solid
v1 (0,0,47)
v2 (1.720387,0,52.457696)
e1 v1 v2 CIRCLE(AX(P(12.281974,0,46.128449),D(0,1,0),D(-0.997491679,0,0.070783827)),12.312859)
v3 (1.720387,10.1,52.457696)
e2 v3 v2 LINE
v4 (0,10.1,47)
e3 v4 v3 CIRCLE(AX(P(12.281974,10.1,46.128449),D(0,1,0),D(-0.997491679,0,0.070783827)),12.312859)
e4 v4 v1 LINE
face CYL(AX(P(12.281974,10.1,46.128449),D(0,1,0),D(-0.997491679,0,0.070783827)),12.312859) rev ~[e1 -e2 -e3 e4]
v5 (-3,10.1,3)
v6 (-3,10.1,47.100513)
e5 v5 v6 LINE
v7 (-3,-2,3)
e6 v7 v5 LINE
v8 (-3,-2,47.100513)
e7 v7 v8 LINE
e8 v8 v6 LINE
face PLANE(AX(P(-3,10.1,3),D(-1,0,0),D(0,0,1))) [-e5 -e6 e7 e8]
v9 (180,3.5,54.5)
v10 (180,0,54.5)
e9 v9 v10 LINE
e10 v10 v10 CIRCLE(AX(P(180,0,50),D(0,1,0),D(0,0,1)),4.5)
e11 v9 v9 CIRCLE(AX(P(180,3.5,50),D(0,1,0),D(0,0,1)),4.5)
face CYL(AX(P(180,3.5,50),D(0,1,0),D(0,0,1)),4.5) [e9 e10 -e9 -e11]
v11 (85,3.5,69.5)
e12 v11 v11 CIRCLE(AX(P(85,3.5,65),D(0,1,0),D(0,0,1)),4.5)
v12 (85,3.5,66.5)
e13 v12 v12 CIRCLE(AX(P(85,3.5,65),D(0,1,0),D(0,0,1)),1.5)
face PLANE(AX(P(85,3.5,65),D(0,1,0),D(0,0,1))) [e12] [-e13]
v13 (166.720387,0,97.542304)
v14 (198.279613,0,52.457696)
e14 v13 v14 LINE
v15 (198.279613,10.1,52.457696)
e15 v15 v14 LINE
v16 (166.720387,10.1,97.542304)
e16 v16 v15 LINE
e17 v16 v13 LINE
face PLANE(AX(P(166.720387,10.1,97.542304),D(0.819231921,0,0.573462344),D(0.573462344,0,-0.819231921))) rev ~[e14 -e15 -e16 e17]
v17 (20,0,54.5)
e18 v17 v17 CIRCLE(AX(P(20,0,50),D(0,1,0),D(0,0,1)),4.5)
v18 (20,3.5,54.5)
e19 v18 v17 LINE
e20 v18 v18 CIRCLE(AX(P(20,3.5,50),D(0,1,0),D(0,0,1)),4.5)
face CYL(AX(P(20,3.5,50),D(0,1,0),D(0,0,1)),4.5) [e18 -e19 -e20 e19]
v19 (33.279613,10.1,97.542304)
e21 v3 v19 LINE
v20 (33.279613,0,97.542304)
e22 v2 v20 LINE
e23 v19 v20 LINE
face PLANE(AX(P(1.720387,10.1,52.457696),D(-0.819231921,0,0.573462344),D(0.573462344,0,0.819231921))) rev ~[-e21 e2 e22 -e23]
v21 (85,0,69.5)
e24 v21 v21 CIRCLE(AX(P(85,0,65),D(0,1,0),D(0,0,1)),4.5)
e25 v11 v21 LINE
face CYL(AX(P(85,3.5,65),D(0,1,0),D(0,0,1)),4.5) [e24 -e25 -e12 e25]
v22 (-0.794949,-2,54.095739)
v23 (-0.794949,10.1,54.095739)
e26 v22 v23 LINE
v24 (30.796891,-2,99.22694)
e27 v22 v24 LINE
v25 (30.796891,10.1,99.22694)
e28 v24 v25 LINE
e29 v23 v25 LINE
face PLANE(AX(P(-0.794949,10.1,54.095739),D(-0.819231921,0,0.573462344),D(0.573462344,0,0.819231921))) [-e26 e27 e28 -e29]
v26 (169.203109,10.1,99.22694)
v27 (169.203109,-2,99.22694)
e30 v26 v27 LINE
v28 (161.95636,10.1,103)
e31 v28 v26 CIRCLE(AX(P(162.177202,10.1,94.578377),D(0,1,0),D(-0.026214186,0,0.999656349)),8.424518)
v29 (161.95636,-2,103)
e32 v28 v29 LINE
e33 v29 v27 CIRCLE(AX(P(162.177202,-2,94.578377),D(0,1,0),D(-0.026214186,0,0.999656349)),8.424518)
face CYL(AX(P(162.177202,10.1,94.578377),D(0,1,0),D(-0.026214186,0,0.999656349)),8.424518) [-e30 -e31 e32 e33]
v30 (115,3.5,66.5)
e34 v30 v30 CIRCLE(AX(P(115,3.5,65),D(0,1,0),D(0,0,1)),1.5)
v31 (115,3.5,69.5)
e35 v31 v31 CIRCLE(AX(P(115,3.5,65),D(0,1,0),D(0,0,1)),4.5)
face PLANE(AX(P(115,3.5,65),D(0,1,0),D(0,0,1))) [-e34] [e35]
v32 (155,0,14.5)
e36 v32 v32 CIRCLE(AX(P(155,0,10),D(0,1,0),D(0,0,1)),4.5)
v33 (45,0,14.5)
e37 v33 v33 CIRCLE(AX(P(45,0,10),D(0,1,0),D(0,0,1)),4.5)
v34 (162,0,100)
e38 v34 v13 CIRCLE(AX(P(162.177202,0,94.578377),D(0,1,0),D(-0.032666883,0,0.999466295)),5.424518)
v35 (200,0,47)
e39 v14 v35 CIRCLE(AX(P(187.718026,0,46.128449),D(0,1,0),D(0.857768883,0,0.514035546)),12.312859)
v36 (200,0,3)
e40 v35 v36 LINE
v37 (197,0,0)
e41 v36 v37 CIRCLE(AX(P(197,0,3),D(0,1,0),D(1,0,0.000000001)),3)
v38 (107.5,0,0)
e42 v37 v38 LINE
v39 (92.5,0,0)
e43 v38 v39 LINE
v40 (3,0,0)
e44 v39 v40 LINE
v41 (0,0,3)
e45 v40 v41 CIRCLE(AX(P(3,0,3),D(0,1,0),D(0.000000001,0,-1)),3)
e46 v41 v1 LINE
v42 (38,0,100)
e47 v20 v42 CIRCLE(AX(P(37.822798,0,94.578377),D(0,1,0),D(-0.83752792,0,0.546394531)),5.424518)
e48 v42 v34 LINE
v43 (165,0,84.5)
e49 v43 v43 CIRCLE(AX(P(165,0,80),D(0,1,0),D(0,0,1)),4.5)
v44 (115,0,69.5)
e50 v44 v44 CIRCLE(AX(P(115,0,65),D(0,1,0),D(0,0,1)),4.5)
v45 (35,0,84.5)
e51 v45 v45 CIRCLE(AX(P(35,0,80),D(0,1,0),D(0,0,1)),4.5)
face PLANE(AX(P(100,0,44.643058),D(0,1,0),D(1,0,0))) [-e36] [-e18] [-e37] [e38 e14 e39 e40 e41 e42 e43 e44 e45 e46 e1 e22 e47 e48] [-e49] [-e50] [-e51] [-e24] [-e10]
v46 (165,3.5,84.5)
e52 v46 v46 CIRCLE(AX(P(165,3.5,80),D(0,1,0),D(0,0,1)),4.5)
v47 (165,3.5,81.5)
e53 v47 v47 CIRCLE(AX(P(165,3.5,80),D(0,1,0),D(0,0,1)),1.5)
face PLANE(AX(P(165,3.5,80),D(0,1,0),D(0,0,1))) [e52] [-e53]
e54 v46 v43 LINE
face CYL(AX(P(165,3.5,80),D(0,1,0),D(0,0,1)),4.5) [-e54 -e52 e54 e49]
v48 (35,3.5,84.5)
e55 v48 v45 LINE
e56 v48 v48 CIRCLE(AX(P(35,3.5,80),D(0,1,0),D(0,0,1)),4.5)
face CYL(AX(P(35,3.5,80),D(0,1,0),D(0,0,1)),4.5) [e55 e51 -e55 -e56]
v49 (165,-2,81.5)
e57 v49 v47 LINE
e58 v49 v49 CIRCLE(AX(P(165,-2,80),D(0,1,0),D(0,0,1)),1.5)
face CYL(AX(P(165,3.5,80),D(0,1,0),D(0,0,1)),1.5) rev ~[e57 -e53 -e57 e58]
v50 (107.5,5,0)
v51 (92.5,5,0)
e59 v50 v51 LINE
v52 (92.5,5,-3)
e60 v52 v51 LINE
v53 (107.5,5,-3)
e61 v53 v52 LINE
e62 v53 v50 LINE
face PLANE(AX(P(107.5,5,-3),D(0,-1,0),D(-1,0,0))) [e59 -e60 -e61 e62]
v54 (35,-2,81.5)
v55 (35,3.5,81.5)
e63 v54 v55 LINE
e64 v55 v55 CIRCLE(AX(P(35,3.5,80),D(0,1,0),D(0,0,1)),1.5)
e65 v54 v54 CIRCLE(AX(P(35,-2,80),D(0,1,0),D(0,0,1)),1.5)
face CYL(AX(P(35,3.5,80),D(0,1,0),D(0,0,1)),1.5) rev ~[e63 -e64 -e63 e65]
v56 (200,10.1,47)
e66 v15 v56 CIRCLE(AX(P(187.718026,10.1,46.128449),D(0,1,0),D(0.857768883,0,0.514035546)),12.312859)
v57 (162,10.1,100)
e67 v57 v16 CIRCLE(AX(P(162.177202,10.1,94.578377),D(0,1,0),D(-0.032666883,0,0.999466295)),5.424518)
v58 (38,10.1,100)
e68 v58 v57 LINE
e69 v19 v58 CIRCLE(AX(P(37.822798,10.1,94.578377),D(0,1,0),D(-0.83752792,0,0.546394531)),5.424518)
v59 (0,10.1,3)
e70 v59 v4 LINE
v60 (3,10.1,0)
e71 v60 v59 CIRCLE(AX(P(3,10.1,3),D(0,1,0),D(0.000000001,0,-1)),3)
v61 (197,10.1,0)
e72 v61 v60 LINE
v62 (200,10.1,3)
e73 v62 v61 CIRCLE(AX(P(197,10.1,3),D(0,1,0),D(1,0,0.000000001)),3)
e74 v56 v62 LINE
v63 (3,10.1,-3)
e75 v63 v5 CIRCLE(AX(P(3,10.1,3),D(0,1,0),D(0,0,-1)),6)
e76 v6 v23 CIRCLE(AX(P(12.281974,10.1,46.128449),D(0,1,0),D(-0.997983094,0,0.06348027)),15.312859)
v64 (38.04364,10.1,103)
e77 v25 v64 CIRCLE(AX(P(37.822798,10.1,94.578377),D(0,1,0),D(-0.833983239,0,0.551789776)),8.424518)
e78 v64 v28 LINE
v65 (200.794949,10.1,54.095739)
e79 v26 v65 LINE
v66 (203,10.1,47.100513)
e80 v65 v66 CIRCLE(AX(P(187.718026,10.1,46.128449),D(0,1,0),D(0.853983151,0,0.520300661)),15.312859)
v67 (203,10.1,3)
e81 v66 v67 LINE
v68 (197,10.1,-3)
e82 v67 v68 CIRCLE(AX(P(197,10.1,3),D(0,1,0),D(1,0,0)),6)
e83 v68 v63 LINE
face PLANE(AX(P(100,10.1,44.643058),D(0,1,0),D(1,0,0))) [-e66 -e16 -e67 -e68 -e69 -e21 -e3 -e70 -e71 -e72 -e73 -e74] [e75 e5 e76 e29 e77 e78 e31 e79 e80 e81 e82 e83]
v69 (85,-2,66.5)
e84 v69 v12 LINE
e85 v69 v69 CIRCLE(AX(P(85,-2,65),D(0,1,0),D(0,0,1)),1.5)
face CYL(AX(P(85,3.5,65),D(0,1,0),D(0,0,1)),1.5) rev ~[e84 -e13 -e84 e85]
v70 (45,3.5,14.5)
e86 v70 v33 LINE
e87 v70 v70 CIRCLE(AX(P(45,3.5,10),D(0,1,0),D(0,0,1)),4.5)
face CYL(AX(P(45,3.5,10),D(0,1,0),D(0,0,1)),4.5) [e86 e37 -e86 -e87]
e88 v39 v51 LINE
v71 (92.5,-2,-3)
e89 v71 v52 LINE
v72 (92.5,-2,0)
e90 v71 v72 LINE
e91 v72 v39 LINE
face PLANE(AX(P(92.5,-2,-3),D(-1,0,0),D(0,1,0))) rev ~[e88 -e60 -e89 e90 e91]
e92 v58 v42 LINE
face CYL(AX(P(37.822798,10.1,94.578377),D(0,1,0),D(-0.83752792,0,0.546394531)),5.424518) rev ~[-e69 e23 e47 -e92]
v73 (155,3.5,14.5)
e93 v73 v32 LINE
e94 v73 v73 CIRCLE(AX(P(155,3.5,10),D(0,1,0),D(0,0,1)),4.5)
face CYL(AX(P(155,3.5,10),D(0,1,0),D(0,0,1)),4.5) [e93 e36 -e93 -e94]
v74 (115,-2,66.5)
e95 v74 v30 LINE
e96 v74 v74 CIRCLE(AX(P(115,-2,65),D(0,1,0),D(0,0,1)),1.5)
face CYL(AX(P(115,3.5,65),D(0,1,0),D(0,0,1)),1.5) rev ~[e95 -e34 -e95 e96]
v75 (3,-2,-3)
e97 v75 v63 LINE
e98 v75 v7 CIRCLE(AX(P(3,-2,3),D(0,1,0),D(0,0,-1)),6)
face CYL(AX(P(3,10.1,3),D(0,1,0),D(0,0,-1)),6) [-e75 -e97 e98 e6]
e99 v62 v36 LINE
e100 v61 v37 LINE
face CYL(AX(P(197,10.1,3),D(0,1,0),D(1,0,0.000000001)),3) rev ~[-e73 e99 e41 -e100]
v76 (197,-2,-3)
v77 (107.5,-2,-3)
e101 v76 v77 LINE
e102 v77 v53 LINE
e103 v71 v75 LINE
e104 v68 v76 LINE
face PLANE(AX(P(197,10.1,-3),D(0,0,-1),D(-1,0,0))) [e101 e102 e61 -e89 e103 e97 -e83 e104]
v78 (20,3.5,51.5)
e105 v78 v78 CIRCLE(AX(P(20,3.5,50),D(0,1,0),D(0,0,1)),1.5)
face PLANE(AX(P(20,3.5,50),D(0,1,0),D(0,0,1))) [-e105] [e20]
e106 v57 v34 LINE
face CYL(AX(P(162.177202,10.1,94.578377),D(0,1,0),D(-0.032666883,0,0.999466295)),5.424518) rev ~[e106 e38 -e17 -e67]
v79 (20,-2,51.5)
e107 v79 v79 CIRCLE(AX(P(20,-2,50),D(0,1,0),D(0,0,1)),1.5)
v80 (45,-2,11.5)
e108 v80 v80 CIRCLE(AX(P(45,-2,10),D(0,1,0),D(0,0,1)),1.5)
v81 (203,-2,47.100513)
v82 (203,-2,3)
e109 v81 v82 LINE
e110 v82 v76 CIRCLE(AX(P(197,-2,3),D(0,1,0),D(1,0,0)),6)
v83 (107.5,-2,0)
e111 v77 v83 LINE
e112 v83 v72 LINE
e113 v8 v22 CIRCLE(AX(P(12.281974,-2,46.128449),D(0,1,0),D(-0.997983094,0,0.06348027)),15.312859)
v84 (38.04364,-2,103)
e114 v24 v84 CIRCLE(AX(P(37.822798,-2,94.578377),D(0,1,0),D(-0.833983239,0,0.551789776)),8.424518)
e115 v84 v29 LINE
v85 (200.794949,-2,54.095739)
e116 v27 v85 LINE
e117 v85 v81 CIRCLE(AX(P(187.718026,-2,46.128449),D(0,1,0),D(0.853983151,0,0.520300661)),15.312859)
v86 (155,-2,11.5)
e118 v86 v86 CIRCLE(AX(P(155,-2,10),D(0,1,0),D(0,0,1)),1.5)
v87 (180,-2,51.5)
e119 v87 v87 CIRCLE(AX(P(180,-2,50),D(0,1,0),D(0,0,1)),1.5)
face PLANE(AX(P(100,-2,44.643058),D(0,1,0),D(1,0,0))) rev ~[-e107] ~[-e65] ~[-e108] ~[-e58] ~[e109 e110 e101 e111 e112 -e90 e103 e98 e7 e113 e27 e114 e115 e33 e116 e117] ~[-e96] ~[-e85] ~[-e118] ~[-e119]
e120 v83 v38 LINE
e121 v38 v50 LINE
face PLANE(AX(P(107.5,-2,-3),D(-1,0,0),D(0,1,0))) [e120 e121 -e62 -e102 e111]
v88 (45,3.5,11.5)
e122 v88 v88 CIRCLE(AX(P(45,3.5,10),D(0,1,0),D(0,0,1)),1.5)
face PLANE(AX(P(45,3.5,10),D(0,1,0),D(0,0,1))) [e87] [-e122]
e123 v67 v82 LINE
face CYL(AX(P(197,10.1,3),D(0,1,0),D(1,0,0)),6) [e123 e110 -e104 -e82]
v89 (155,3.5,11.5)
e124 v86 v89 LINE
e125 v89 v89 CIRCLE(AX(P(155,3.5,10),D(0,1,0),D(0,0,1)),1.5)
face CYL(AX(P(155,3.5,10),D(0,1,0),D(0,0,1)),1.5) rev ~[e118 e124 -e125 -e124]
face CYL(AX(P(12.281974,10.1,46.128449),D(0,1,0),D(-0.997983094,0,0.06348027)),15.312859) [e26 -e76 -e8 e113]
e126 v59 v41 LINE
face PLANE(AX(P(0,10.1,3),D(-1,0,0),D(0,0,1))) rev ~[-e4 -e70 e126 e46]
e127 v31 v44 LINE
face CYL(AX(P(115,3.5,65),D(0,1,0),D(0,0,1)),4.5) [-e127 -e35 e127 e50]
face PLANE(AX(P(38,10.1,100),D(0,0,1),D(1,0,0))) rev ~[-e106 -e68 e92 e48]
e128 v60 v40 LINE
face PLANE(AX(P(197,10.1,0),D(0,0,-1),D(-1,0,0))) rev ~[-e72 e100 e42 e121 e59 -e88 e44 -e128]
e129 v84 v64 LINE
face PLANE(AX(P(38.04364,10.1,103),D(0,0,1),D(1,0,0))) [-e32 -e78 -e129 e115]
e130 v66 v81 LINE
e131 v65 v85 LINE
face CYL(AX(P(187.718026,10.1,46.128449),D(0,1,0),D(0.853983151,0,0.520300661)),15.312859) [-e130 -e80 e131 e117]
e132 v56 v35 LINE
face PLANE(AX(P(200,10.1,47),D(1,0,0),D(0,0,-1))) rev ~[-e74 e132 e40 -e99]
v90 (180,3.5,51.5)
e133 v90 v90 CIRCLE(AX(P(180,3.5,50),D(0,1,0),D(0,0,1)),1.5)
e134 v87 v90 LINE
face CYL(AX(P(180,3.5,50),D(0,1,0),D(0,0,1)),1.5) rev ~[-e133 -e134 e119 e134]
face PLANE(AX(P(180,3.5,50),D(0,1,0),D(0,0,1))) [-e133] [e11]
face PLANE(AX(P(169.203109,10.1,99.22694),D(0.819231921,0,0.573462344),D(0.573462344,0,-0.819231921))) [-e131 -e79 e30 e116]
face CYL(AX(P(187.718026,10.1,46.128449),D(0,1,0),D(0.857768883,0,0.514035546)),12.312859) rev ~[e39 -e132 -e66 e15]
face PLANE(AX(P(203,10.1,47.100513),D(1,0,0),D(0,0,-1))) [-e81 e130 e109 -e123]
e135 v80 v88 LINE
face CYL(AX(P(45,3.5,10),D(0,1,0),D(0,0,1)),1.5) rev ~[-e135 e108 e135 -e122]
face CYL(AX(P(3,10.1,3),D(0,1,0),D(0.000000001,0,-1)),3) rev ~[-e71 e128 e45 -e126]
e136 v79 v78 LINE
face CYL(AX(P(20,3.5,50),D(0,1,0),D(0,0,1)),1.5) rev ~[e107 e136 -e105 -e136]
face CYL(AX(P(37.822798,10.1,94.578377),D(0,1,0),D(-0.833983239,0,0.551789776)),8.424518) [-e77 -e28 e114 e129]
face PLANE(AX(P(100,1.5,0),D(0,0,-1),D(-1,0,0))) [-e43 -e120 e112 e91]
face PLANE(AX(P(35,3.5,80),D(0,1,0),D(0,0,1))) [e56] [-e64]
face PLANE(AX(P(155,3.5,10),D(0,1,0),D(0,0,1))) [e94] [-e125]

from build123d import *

# Parameters (mm, degrees)
EXTRUDE_1_DEPTH     = 2
EXTRUDE_START       = 10.1
EXTRUDE_2_DEPTH     = 10.1
SKETCH_3_R          = 1.5
CUT_EXTRUDE_1_DEPTH = 228.860936532
EXTRUDE_START_2     = 3.5
SKETCH_6_R          = 4.5
SKETCH_6_R_2        = 1.5
EXTRUDE_3_DEPTH     = 3.5
SKETCH_7_W          = 15
SKETCH_7_H          = 7
CUT_EXTRUDE_2_DEPTH = 3


with BuildPart() as part:
    # 草图1 → 凸台-拉伸1 (new body)
    with BuildSketch(Plane(origin=(0, 0, 0), x_dir=(1, 0, 0), z_dir=(0, 1, 0))):
        with BuildLine():
            Line((197, 3), (3, 3))
            ThreePointArc((3, 3), (-1.242640687, 1.242640687), (-3, -3))
            Line((-3, -3), (-3, -47.100513143))
            ThreePointArc((-3, -47.100513143), (-2.32247943, -50.732097147), (-0.794949231, -54.09573922))
            Line((-0.794949231, -54.09573922), (30.796891429, -99.226940163))
            ThreePointArc((30.796891429, -99.226940163), (33.932268231, -102.05074496), (38.04363979, -103))
            Line((38.04363979, -103), (161.95636021, -103))
            ThreePointArc((161.95636021, -103), (166.067731769, -102.05074496), (169.203108571, -99.226940163))
            Line((169.203108571, -99.226940163), (200.794949231, -54.09573922))
            ThreePointArc((200.794949231, -54.09573922), (202.32247943, -50.732097147), (203, -47.100513143))
            Line((203, -47.100513143), (203, -3))
            ThreePointArc((203, -3), (201.242640687, 1.242640687), (197, 3))
        make_face()
    extrude(amount=-EXTRUDE_1_DEPTH)

    # 草图1<3> → 凸台-拉伸2 (add)
    with BuildSketch(Plane(origin=(0, 0, 0), x_dir=(1, 0, 0), z_dir=(0, 1, 0)).offset(EXTRUDE_START)):
        with BuildLine():
            Line((197, 3), (3, 3))
            ThreePointArc((3, 3), (-1.242640687, 1.242640687), (-3, -3))
            Line((-3, -3), (-3, -47.100513143))
            ThreePointArc((-3, -47.100513143), (-2.32247943, -50.732097147), (-0.794949231, -54.09573922))
            Line((-0.794949231, -54.09573922), (30.796891429, -99.226940163))
            ThreePointArc((30.796891429, -99.226940163), (33.932268231, -102.05074496), (38.04363979, -103))
            Line((38.04363979, -103), (161.95636021, -103))
            ThreePointArc((161.95636021, -103), (166.067731769, -102.05074496), (169.203108571, -99.226940163))
            Line((169.203108571, -99.226940163), (200.794949231, -54.09573922))
            ThreePointArc((200.794949231, -54.09573922), (202.32247943, -50.732097147), (203, -47.100513143))
            Line((203, -47.100513143), (203, -3))
            ThreePointArc((203, -3), (201.242640687, 1.242640687), (197, 3))
        make_face()
        with BuildLine():
            Line((0, -3), (0, -47))
            ThreePointArc((0, -47), (0.538734236, -49.830178992), (1.720387033, -52.457695762))
            Line((1.720387033, -52.457695762), (33.279612967, -97.542304238))
            ThreePointArc((33.279612967, -97.542304238), (35.317699373, -99.389808931), (38, -100))
            Line((38, -100), (162, -100))
            ThreePointArc((162, -100), (164.682300627, -99.389808931), (166.720387033, -97.542304238))
            Line((166.720387033, -97.542304238), (198.279612967, -52.457695762))
            ThreePointArc((198.279612967, -52.457695762), (199.461265764, -49.830178992), (200, -47))
            Line((200, -47), (200, -3))
            ThreePointArc((200, -3), (199.121320344, -0.878679656), (197, 0))
            Line((197, 0), (3, 0))
            ThreePointArc((3, 0), (0.878679656, -0.878679656), (0, -3))
        make_face(mode=Mode.SUBTRACT)
    extrude(amount=-EXTRUDE_2_DEPTH)

    # 草图3 → 切除-拉伸1 (cut, through all)
    with BuildSketch(Plane(origin=(0, 0, 0), x_dir=(1, 0, 0), z_dir=(0, 1, 0))):
        with Locations((45, -10)):
            Circle(SKETCH_3_R)
        with Locations((20, -50)):
            Circle(SKETCH_3_R)
        with Locations((35, -80)):
            Circle(SKETCH_3_R)
        with Locations((85, -65)):
            Circle(SKETCH_3_R)
        with Locations((155, -10)):
            Circle(SKETCH_3_R)
        with Locations((180, -50)):
            Circle(SKETCH_3_R)
        with Locations((165, -80)):
            Circle(SKETCH_3_R)
        with Locations((115, -65)):
            Circle(SKETCH_3_R)
    extrude(amount=-CUT_EXTRUDE_1_DEPTH, mode=Mode.SUBTRACT)

    # 草图6 → 凸台-拉伸3 (add)
    # profile 1 of 8: a face of its own
    with BuildSketch(Plane(origin=(0, 0, 0), x_dir=(1, 0, 0), z_dir=(0, 1, 0)).offset(EXTRUDE_START_2)):
        with Locations((85, -65)):
            Circle(SKETCH_6_R)
        with Locations((85, -65)):
            Circle(SKETCH_6_R_2, mode=Mode.SUBTRACT)
    # profile 2 of 8: a face of its own
    with BuildSketch(Plane(origin=(0, 0, 0), x_dir=(1, 0, 0), z_dir=(0, 1, 0)).offset(EXTRUDE_START_2)):
        with Locations((35, -80)):
            Circle(SKETCH_6_R)
        with Locations((35, -80)):
            Circle(SKETCH_6_R_2, mode=Mode.SUBTRACT)
    # profile 3 of 8: a face of its own
    with BuildSketch(Plane(origin=(0, 0, 0), x_dir=(1, 0, 0), z_dir=(0, 1, 0)).offset(EXTRUDE_START_2)):
        with Locations((20, -50)):
            Circle(SKETCH_6_R)
        with Locations((20, -50)):
            Circle(SKETCH_6_R_2, mode=Mode.SUBTRACT)
    # profile 4 of 8: a face of its own
    with BuildSketch(Plane(origin=(0, 0, 0), x_dir=(1, 0, 0), z_dir=(0, 1, 0)).offset(EXTRUDE_START_2)):
        with Locations((45, -10)):
            Circle(SKETCH_6_R)
        with Locations((45, -10)):
            Circle(SKETCH_6_R_2, mode=Mode.SUBTRACT)
    # profile 5 of 8: a face of its own
    with BuildSketch(Plane(origin=(0, 0, 0), x_dir=(1, 0, 0), z_dir=(0, 1, 0)).offset(EXTRUDE_START_2)):
        with Locations((155, -10)):
            Circle(SKETCH_6_R)
        with Locations((155, -10)):
            Circle(SKETCH_6_R_2, mode=Mode.SUBTRACT)
    # profile 6 of 8: a face of its own
    with BuildSketch(Plane(origin=(0, 0, 0), x_dir=(1, 0, 0), z_dir=(0, 1, 0)).offset(EXTRUDE_START_2)):
        with Locations((115, -65)):
            Circle(SKETCH_6_R)
        with Locations((115, -65)):
            Circle(SKETCH_6_R_2, mode=Mode.SUBTRACT)
    # profile 7 of 8: a face of its own
    with BuildSketch(Plane(origin=(0, 0, 0), x_dir=(1, 0, 0), z_dir=(0, 1, 0)).offset(EXTRUDE_START_2)):
        with Locations((180, -50)):
            Circle(SKETCH_6_R)
        with Locations((180, -50)):
            Circle(SKETCH_6_R_2, mode=Mode.SUBTRACT)
    # profile 8 of 8: a face of its own
    with BuildSketch(Plane(origin=(0, 0, 0), x_dir=(1, 0, 0), z_dir=(0, 1, 0)).offset(EXTRUDE_START_2)):
        with Locations((165, -80)):
            Circle(SKETCH_6_R)
        with Locations((165, -80)):
            Circle(SKETCH_6_R_2, mode=Mode.SUBTRACT)
    extrude(amount=-EXTRUDE_3_DEPTH)

    # 草图7 → 切除-拉伸2 (cut)
    with BuildSketch(Plane(origin=(0, 0, -3), x_dir=(-1, 0, 0), z_dir=(0, 0, -1))):
        with Locations((-100, 1.5)):
            Rectangle(SKETCH_7_W, SKETCH_7_H)
    extrude(amount=-CUT_EXTRUDE_2_DEPTH, mode=Mode.SUBTRACT)


solid = part.part
